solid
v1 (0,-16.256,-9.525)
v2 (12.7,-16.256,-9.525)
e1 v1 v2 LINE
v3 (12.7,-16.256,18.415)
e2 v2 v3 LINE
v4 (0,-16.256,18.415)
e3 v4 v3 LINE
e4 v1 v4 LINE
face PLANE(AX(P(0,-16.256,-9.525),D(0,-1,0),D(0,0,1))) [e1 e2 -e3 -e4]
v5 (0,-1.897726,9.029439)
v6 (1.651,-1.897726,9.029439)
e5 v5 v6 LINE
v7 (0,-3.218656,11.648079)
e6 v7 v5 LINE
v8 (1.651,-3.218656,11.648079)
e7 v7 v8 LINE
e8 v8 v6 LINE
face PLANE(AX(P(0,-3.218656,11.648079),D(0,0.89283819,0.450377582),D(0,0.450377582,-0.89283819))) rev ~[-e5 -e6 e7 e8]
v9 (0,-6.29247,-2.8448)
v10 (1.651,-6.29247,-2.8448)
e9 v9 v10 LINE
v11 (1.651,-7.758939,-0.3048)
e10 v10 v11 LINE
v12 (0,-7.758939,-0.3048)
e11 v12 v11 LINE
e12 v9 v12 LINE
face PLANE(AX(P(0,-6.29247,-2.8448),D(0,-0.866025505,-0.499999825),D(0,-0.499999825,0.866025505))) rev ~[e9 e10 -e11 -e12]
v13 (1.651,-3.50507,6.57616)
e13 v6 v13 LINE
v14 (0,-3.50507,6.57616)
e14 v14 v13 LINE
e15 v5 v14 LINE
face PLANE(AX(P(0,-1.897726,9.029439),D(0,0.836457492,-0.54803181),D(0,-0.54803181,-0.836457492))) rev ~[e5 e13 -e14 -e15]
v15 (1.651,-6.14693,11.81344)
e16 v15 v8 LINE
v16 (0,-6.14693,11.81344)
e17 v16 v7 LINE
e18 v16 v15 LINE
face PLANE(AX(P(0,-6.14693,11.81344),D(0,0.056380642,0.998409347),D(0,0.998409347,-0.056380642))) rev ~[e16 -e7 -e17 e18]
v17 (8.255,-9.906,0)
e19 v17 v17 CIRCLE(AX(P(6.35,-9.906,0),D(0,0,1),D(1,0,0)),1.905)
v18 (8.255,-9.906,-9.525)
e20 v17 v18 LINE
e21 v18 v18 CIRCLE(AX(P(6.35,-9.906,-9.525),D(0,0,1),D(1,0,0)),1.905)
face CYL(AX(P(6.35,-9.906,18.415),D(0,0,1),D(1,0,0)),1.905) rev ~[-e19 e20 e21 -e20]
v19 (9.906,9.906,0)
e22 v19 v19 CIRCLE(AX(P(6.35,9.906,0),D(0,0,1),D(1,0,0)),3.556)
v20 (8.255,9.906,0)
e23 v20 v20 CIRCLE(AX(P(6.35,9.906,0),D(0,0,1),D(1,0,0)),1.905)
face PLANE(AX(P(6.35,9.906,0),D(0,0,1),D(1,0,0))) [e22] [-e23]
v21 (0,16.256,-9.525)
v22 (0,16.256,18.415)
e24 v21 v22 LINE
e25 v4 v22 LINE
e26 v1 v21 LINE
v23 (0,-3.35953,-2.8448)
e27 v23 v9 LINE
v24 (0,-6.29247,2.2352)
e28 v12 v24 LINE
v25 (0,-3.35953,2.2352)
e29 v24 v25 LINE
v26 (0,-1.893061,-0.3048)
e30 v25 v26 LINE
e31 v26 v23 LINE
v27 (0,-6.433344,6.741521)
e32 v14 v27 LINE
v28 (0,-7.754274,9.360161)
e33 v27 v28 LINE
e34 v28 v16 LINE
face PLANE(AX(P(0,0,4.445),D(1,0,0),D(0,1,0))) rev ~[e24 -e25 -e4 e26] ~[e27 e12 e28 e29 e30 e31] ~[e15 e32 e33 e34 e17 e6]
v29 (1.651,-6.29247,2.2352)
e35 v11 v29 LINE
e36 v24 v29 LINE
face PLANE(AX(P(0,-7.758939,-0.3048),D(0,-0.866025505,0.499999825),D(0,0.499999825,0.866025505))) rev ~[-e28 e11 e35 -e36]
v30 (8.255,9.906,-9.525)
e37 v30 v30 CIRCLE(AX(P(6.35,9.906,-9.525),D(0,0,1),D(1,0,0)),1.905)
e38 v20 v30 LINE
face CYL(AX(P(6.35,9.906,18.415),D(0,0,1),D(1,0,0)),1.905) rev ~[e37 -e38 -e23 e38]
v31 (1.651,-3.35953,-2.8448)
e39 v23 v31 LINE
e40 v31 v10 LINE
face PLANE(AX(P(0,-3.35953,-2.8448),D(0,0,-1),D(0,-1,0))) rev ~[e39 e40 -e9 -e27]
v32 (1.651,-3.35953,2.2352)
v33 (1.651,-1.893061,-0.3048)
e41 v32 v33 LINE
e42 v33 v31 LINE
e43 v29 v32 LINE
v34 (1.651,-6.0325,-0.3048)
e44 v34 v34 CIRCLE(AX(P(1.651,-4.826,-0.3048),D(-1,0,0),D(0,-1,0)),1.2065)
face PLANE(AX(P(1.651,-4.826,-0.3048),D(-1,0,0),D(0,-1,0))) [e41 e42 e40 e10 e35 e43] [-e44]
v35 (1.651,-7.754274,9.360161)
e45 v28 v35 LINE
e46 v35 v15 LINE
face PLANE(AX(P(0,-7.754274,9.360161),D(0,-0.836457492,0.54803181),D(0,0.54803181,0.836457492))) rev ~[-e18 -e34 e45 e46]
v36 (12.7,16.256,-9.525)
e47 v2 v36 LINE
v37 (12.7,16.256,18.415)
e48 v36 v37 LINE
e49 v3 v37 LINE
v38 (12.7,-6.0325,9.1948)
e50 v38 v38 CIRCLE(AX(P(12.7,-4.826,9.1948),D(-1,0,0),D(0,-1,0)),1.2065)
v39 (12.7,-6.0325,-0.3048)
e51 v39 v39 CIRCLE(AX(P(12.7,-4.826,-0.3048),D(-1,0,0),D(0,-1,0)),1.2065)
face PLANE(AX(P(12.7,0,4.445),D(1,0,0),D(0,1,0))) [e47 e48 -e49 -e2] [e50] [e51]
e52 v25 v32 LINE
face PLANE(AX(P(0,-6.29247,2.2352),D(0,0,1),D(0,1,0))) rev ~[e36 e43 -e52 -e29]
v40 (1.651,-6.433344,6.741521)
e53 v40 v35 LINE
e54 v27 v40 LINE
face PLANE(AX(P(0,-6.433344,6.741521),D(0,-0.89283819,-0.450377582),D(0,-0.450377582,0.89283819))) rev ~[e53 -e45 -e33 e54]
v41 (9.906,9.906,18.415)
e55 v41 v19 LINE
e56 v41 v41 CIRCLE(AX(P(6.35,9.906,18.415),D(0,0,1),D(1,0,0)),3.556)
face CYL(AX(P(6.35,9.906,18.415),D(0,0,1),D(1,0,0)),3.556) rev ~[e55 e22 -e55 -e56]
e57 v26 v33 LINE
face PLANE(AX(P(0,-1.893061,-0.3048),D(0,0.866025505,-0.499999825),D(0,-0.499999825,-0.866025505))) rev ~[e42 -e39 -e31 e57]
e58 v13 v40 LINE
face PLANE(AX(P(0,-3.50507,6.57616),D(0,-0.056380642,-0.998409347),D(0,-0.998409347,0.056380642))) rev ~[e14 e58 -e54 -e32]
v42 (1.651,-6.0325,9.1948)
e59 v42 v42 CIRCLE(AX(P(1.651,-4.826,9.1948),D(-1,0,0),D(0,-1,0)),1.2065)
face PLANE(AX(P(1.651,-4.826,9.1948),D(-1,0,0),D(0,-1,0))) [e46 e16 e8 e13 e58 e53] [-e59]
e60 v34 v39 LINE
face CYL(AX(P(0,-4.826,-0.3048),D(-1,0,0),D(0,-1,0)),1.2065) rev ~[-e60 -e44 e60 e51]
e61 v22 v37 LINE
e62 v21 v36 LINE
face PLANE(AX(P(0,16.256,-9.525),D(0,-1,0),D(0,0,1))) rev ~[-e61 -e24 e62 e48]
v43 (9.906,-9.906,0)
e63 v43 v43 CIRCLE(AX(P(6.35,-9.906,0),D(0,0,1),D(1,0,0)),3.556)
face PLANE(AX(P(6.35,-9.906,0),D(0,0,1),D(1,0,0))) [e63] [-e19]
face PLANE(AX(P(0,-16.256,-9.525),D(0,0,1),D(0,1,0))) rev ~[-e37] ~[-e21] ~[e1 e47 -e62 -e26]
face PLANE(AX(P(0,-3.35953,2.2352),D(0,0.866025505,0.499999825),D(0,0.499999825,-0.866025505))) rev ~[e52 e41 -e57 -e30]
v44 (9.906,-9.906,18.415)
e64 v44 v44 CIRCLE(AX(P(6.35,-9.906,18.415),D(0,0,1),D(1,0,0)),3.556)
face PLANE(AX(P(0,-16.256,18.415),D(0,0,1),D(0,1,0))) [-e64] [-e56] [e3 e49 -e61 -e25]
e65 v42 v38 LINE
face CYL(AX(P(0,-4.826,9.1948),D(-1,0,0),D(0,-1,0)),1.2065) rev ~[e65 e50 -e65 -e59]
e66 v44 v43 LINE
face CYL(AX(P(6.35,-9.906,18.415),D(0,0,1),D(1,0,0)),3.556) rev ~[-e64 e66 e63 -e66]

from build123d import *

# Parameters (mm, degrees)
F0_W     = 32.512
F0_H     = 27.94
F1_DEPTH = 12.7
F2_R     = 1.2065
F3_DEPTH = 12.701
F5_DEPTH = 1.651
F6_R     = 1.905
F7_DEPTH = 27.941
F8_R     = 3.556
F9_DEPTH = 18.415


with BuildPart() as f1:
    # F0 (on Right) → F1 (new body)
    with BuildSketch(Plane.YZ):
        with Locations((0, 4.445)):
            Rectangle(F0_W, F0_H)
    extrude(amount=F1_DEPTH)

    # F2 (on face) → F3 (cut, through all)
    with BuildSketch(Plane(origin=(0, 0, 0), x_dir=(0, -1, 0), z_dir=(-1, 0, 0))):
        with Locations((4.826, -0.3048)):
            Circle(F2_R)
        with Locations((4.826, 9.1948)):
            Circle(F2_R)
    extrude(amount=-F3_DEPTH, mode=Mode.SUBTRACT)

    # F4 (on face) → F5 (cut)
    with BuildSketch(Plane(origin=(0, 0, 0), x_dir=(0, -1, 0), z_dir=(-1, 0, 0))):
        Polygon((7.754274, 9.360161), (6.14693, 11.81344), (3.218656, 11.648079), (1.897726, 9.029439), (3.50507, 6.57616), (6.433344, 6.741521), align=None)
        Polygon((6.29247, 2.2352), (3.35953, 2.2352), (1.893061, -0.3048), (3.35953, -2.8448), (6.29247, -2.8448), (7.758939, -0.3048), align=None)
    extrude(amount=-F5_DEPTH, mode=Mode.SUBTRACT)

    # F6 (on face) → F7 (cut, through all)
    with BuildSketch(Plane.XY.offset(18.415)):
        with Locations((6.35, -9.906)):
            Circle(F6_R)
        with Locations((6.35, 9.906)):
            Circle(F6_R)
    extrude(amount=-F7_DEPTH, mode=Mode.SUBTRACT)

    # F8 (on face) → F9 (cut)
    with BuildSketch(Plane.XY.offset(18.415)):
        with Locations((6.35, 9.906)):
            Circle(F8_R)
        with Locations((6.35, -9.906)):
            Circle(F8_R)
    extrude(amount=-F9_DEPTH, mode=Mode.SUBTRACT)


solid = f1.part
